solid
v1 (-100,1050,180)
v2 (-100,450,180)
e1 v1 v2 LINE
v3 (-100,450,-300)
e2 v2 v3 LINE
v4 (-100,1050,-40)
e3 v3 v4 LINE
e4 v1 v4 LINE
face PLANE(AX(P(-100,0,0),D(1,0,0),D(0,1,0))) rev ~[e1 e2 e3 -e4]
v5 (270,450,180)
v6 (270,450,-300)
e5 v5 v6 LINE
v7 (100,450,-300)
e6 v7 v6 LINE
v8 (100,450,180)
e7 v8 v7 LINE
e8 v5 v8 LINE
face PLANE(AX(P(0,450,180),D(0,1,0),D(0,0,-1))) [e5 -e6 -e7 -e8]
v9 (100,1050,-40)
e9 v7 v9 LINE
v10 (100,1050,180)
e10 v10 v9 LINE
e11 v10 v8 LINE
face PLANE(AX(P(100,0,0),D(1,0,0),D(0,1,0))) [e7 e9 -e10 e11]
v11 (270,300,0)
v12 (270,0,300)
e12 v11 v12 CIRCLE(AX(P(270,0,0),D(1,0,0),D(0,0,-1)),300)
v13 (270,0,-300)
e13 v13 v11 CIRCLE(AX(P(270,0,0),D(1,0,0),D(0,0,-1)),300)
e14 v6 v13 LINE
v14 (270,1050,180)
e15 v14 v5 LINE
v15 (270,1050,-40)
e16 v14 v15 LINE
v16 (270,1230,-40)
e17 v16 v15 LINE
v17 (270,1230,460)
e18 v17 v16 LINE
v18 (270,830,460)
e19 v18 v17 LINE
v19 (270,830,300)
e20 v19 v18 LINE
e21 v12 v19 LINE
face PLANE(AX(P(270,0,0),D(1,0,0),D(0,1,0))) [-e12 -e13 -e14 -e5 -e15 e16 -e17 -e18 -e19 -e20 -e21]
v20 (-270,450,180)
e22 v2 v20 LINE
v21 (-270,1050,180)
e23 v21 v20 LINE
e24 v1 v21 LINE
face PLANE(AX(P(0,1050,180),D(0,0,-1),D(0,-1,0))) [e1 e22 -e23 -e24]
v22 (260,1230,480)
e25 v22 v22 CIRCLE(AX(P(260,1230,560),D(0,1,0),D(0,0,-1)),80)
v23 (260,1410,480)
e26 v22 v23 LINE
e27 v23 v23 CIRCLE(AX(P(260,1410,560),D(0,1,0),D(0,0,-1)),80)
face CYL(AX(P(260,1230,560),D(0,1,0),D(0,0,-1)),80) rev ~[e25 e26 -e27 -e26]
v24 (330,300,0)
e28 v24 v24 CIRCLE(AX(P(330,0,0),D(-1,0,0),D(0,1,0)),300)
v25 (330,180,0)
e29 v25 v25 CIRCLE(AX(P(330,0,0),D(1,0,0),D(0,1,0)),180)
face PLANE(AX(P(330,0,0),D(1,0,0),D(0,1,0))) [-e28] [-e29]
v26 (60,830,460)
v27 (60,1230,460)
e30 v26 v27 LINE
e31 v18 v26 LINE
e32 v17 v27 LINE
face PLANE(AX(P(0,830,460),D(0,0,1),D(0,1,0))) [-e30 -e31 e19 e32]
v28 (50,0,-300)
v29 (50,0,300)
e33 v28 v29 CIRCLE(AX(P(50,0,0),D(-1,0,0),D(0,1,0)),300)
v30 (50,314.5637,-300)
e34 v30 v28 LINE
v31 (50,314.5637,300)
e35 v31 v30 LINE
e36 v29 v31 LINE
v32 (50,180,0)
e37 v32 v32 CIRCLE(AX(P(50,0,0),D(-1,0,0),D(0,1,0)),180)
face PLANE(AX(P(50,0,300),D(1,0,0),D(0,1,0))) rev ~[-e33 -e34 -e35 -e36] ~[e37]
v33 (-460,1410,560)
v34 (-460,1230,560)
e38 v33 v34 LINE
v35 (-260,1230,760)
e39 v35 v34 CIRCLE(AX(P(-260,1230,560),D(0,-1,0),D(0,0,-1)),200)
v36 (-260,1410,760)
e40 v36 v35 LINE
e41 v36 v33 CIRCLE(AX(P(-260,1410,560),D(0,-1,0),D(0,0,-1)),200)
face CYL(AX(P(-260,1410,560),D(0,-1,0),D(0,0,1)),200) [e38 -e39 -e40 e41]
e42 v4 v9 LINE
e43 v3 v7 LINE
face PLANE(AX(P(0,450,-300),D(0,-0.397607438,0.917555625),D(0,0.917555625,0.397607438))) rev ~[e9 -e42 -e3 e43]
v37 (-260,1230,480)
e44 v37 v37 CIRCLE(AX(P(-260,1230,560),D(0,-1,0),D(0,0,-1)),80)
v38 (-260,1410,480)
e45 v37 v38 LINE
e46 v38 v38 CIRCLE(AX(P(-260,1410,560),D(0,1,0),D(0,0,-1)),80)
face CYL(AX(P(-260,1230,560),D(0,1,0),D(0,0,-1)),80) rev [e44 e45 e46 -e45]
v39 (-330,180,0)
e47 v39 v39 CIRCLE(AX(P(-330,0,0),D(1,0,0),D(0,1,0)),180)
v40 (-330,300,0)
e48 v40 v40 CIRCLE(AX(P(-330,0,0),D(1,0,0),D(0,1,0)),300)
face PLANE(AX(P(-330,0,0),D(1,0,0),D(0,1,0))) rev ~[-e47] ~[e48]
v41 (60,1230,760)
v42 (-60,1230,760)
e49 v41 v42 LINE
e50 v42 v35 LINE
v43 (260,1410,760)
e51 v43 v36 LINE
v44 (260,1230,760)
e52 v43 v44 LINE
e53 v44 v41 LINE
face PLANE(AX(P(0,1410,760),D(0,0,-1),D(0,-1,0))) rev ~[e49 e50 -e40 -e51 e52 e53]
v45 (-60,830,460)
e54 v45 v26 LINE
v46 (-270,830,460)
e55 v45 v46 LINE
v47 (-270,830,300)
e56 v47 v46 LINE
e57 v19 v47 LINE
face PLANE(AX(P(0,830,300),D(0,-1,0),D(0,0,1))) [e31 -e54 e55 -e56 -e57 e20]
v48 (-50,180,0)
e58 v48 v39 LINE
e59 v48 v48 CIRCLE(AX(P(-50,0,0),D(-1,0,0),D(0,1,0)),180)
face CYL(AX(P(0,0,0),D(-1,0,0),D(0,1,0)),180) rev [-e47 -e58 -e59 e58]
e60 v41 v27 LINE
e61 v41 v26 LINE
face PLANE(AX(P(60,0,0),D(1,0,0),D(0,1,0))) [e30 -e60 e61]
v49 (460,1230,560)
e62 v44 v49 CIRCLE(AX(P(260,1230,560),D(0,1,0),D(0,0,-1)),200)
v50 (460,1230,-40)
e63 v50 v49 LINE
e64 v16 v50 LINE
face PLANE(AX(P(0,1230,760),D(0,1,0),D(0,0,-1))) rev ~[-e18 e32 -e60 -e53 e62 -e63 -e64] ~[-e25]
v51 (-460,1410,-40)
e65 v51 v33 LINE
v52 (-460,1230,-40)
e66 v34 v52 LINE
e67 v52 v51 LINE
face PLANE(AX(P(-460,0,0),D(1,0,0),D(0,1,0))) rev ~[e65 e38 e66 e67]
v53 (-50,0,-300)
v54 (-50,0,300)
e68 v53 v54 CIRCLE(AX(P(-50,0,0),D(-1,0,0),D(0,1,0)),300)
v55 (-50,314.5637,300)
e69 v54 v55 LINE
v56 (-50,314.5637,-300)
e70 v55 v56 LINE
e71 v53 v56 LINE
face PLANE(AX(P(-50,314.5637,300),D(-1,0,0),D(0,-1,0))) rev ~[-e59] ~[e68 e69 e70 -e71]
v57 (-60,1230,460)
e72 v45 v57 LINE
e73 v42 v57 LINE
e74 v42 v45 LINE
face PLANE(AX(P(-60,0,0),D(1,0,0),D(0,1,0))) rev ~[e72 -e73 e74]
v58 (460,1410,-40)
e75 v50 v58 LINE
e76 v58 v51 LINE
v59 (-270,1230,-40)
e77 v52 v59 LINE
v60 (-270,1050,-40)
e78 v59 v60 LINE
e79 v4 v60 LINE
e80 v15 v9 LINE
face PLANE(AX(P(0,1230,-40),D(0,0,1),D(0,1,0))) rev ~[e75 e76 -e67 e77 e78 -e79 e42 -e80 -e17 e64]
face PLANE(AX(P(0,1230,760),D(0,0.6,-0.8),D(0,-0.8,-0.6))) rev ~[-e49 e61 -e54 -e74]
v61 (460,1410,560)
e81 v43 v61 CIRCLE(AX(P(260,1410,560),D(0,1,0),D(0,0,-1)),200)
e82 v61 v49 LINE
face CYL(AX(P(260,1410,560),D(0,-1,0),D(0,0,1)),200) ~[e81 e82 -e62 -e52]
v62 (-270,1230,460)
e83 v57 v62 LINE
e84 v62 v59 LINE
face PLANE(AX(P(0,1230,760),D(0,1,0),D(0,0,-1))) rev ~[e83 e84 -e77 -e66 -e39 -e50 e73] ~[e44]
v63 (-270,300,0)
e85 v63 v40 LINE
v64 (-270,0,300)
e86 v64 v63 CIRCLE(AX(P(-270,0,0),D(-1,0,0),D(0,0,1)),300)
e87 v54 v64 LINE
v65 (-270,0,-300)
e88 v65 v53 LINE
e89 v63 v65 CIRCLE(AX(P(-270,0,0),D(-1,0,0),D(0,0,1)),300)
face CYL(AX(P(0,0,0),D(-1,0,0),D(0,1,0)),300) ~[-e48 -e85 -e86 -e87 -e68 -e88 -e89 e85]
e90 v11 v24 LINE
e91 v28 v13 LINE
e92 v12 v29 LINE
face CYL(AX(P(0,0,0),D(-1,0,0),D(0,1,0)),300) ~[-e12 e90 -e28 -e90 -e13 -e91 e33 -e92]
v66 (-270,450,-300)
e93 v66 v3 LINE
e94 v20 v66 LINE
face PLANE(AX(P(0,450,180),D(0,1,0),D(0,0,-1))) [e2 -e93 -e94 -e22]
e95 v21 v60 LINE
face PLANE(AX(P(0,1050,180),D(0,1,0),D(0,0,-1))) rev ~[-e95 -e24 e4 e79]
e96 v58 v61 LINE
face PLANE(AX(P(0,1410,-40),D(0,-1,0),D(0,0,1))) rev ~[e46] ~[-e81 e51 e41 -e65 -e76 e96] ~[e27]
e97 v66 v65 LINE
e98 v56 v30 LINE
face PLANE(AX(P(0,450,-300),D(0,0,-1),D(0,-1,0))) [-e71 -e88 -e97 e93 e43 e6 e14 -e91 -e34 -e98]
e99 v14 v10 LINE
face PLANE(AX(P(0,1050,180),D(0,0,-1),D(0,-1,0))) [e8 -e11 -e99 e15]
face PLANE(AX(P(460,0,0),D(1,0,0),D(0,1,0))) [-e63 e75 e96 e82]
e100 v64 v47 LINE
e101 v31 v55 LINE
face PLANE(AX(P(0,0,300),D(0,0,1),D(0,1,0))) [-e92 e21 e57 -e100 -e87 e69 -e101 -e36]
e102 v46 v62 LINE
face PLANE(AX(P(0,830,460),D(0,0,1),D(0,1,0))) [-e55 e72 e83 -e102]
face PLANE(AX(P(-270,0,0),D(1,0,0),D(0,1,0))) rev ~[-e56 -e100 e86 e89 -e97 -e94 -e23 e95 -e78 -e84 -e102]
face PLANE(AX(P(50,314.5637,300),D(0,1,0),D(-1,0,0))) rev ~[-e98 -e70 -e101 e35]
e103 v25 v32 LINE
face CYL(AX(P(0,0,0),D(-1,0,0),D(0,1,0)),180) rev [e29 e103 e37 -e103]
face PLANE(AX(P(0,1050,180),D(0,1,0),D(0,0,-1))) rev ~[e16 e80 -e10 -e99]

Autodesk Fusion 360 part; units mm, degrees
sketch "Sketch1" plane through (0, 0, 0) normal (1, 0, 0) x (0, 1, 0)
  circle A0 centre (0, 0) radius 180
  circle A1 centre (0, 0) radius 300
  line L0 (0, 300) -> (830, 300)
  line L1 (830, 300) -> (830, 460)
  line L2 (830, 460) -> (1230, 460)
  line L3 (1230, 460) -> (1230, -40)
  line L4 (1230, -40) -> (1050, -40)
  line L5 (1050, 180) -> (450, 180)
  line L6 (450, 180) -> (450, -300)
  line L7 (450, -300) -> (0, -300)
  line L8 (1050, 180) -> (1050, -40)
  line L9 (1230, -40) -> (1410, -40)
  line L10 (1410, -40) -> (1410, 760)
  line L11 (1410, 760) -> (1230, 760)
  line L12 (1230, 760) -> (1230, -40)
  line L13 (1230, 760) -> (830, 460)
  line L14 (450, -300) -> (1050, -40)
  dimension "d1" = 360
  dimension "d2" = 600
  dimension "d3" = 800
  dimension "d4" = 180
  dimension "d5" = 180
  dimension "d6" = 450
  dimension "d7" = 600
  dimension "d8" = 160
  dimension "d9" = 120
  dimension "d10" = 220
  dimension "d11" = 400
  dimension "d12" = 480
extrude "Extrude1" add sketch "Sketch1" along normal mid plane 660 contours A1
extrude "Extrude2" add sketch "Sketch1" along normal mid plane 540 contours A1 L0 L1 L2 L3 L4 L5 L6 L7 L8 L12
extrude "Extrude3" add sketch "Sketch1" along normal mid plane 120 contours L2 L12 L13
extrude "Extrude4" add sketch "Sketch1" along normal mid plane 920 contours L3 L9 L10 L11 L12
extrude "Extrude5" add sketch "Sketch1" along normal mid plane 200 contours L5 L6 L8 L14
fillet "Fillet1" radius 200 2 edges at (460, 1320, 760) (-460, 1320, 760)
sketch "Sketch2" plane through (0, 0, 300) normal (0, 0, 1) x (-1, 0, 0)
  line L0 (270, 0) -> (-270, 0)
  line L1 (-270, 0) -> (-270, -830)
  line L2 (-270, -830) -> (270, -830)
  line L3 (270, -830) -> (270, 0)
  line L4 (50, 314.5637) -> (-50, 314.5637)
  line L5 (-50, 314.5637) -> (-50, -314.5637)
  line L6 (-50, -314.5637) -> (50, -314.5637)
  line L7 (50, -314.5637) -> (50, 314.5637)
  line L8 (50, 314.5637) -> (-50, -314.5637) construction
  line L9 (-50, 314.5637) -> (50, -314.5637) construction
  point P0 (330, 300)
  point P1 (-330, 300)
  dimension "d25" = 100
  dimension "d26" = 280
  dimension "d27" = 280
extrude "Extrude6" cut sketch "Sketch2" against normal blind 1200 contours L0 L5 L6 L7 | L0 L4 L5 L7
hole "Hole1" at (260, 1230, 560) direction (0, 1, 0) diameter 160 end through all
mirror "Mirror1" about plane through (0, 0, 0) normal (1, 0, 0) of "Hole1"
